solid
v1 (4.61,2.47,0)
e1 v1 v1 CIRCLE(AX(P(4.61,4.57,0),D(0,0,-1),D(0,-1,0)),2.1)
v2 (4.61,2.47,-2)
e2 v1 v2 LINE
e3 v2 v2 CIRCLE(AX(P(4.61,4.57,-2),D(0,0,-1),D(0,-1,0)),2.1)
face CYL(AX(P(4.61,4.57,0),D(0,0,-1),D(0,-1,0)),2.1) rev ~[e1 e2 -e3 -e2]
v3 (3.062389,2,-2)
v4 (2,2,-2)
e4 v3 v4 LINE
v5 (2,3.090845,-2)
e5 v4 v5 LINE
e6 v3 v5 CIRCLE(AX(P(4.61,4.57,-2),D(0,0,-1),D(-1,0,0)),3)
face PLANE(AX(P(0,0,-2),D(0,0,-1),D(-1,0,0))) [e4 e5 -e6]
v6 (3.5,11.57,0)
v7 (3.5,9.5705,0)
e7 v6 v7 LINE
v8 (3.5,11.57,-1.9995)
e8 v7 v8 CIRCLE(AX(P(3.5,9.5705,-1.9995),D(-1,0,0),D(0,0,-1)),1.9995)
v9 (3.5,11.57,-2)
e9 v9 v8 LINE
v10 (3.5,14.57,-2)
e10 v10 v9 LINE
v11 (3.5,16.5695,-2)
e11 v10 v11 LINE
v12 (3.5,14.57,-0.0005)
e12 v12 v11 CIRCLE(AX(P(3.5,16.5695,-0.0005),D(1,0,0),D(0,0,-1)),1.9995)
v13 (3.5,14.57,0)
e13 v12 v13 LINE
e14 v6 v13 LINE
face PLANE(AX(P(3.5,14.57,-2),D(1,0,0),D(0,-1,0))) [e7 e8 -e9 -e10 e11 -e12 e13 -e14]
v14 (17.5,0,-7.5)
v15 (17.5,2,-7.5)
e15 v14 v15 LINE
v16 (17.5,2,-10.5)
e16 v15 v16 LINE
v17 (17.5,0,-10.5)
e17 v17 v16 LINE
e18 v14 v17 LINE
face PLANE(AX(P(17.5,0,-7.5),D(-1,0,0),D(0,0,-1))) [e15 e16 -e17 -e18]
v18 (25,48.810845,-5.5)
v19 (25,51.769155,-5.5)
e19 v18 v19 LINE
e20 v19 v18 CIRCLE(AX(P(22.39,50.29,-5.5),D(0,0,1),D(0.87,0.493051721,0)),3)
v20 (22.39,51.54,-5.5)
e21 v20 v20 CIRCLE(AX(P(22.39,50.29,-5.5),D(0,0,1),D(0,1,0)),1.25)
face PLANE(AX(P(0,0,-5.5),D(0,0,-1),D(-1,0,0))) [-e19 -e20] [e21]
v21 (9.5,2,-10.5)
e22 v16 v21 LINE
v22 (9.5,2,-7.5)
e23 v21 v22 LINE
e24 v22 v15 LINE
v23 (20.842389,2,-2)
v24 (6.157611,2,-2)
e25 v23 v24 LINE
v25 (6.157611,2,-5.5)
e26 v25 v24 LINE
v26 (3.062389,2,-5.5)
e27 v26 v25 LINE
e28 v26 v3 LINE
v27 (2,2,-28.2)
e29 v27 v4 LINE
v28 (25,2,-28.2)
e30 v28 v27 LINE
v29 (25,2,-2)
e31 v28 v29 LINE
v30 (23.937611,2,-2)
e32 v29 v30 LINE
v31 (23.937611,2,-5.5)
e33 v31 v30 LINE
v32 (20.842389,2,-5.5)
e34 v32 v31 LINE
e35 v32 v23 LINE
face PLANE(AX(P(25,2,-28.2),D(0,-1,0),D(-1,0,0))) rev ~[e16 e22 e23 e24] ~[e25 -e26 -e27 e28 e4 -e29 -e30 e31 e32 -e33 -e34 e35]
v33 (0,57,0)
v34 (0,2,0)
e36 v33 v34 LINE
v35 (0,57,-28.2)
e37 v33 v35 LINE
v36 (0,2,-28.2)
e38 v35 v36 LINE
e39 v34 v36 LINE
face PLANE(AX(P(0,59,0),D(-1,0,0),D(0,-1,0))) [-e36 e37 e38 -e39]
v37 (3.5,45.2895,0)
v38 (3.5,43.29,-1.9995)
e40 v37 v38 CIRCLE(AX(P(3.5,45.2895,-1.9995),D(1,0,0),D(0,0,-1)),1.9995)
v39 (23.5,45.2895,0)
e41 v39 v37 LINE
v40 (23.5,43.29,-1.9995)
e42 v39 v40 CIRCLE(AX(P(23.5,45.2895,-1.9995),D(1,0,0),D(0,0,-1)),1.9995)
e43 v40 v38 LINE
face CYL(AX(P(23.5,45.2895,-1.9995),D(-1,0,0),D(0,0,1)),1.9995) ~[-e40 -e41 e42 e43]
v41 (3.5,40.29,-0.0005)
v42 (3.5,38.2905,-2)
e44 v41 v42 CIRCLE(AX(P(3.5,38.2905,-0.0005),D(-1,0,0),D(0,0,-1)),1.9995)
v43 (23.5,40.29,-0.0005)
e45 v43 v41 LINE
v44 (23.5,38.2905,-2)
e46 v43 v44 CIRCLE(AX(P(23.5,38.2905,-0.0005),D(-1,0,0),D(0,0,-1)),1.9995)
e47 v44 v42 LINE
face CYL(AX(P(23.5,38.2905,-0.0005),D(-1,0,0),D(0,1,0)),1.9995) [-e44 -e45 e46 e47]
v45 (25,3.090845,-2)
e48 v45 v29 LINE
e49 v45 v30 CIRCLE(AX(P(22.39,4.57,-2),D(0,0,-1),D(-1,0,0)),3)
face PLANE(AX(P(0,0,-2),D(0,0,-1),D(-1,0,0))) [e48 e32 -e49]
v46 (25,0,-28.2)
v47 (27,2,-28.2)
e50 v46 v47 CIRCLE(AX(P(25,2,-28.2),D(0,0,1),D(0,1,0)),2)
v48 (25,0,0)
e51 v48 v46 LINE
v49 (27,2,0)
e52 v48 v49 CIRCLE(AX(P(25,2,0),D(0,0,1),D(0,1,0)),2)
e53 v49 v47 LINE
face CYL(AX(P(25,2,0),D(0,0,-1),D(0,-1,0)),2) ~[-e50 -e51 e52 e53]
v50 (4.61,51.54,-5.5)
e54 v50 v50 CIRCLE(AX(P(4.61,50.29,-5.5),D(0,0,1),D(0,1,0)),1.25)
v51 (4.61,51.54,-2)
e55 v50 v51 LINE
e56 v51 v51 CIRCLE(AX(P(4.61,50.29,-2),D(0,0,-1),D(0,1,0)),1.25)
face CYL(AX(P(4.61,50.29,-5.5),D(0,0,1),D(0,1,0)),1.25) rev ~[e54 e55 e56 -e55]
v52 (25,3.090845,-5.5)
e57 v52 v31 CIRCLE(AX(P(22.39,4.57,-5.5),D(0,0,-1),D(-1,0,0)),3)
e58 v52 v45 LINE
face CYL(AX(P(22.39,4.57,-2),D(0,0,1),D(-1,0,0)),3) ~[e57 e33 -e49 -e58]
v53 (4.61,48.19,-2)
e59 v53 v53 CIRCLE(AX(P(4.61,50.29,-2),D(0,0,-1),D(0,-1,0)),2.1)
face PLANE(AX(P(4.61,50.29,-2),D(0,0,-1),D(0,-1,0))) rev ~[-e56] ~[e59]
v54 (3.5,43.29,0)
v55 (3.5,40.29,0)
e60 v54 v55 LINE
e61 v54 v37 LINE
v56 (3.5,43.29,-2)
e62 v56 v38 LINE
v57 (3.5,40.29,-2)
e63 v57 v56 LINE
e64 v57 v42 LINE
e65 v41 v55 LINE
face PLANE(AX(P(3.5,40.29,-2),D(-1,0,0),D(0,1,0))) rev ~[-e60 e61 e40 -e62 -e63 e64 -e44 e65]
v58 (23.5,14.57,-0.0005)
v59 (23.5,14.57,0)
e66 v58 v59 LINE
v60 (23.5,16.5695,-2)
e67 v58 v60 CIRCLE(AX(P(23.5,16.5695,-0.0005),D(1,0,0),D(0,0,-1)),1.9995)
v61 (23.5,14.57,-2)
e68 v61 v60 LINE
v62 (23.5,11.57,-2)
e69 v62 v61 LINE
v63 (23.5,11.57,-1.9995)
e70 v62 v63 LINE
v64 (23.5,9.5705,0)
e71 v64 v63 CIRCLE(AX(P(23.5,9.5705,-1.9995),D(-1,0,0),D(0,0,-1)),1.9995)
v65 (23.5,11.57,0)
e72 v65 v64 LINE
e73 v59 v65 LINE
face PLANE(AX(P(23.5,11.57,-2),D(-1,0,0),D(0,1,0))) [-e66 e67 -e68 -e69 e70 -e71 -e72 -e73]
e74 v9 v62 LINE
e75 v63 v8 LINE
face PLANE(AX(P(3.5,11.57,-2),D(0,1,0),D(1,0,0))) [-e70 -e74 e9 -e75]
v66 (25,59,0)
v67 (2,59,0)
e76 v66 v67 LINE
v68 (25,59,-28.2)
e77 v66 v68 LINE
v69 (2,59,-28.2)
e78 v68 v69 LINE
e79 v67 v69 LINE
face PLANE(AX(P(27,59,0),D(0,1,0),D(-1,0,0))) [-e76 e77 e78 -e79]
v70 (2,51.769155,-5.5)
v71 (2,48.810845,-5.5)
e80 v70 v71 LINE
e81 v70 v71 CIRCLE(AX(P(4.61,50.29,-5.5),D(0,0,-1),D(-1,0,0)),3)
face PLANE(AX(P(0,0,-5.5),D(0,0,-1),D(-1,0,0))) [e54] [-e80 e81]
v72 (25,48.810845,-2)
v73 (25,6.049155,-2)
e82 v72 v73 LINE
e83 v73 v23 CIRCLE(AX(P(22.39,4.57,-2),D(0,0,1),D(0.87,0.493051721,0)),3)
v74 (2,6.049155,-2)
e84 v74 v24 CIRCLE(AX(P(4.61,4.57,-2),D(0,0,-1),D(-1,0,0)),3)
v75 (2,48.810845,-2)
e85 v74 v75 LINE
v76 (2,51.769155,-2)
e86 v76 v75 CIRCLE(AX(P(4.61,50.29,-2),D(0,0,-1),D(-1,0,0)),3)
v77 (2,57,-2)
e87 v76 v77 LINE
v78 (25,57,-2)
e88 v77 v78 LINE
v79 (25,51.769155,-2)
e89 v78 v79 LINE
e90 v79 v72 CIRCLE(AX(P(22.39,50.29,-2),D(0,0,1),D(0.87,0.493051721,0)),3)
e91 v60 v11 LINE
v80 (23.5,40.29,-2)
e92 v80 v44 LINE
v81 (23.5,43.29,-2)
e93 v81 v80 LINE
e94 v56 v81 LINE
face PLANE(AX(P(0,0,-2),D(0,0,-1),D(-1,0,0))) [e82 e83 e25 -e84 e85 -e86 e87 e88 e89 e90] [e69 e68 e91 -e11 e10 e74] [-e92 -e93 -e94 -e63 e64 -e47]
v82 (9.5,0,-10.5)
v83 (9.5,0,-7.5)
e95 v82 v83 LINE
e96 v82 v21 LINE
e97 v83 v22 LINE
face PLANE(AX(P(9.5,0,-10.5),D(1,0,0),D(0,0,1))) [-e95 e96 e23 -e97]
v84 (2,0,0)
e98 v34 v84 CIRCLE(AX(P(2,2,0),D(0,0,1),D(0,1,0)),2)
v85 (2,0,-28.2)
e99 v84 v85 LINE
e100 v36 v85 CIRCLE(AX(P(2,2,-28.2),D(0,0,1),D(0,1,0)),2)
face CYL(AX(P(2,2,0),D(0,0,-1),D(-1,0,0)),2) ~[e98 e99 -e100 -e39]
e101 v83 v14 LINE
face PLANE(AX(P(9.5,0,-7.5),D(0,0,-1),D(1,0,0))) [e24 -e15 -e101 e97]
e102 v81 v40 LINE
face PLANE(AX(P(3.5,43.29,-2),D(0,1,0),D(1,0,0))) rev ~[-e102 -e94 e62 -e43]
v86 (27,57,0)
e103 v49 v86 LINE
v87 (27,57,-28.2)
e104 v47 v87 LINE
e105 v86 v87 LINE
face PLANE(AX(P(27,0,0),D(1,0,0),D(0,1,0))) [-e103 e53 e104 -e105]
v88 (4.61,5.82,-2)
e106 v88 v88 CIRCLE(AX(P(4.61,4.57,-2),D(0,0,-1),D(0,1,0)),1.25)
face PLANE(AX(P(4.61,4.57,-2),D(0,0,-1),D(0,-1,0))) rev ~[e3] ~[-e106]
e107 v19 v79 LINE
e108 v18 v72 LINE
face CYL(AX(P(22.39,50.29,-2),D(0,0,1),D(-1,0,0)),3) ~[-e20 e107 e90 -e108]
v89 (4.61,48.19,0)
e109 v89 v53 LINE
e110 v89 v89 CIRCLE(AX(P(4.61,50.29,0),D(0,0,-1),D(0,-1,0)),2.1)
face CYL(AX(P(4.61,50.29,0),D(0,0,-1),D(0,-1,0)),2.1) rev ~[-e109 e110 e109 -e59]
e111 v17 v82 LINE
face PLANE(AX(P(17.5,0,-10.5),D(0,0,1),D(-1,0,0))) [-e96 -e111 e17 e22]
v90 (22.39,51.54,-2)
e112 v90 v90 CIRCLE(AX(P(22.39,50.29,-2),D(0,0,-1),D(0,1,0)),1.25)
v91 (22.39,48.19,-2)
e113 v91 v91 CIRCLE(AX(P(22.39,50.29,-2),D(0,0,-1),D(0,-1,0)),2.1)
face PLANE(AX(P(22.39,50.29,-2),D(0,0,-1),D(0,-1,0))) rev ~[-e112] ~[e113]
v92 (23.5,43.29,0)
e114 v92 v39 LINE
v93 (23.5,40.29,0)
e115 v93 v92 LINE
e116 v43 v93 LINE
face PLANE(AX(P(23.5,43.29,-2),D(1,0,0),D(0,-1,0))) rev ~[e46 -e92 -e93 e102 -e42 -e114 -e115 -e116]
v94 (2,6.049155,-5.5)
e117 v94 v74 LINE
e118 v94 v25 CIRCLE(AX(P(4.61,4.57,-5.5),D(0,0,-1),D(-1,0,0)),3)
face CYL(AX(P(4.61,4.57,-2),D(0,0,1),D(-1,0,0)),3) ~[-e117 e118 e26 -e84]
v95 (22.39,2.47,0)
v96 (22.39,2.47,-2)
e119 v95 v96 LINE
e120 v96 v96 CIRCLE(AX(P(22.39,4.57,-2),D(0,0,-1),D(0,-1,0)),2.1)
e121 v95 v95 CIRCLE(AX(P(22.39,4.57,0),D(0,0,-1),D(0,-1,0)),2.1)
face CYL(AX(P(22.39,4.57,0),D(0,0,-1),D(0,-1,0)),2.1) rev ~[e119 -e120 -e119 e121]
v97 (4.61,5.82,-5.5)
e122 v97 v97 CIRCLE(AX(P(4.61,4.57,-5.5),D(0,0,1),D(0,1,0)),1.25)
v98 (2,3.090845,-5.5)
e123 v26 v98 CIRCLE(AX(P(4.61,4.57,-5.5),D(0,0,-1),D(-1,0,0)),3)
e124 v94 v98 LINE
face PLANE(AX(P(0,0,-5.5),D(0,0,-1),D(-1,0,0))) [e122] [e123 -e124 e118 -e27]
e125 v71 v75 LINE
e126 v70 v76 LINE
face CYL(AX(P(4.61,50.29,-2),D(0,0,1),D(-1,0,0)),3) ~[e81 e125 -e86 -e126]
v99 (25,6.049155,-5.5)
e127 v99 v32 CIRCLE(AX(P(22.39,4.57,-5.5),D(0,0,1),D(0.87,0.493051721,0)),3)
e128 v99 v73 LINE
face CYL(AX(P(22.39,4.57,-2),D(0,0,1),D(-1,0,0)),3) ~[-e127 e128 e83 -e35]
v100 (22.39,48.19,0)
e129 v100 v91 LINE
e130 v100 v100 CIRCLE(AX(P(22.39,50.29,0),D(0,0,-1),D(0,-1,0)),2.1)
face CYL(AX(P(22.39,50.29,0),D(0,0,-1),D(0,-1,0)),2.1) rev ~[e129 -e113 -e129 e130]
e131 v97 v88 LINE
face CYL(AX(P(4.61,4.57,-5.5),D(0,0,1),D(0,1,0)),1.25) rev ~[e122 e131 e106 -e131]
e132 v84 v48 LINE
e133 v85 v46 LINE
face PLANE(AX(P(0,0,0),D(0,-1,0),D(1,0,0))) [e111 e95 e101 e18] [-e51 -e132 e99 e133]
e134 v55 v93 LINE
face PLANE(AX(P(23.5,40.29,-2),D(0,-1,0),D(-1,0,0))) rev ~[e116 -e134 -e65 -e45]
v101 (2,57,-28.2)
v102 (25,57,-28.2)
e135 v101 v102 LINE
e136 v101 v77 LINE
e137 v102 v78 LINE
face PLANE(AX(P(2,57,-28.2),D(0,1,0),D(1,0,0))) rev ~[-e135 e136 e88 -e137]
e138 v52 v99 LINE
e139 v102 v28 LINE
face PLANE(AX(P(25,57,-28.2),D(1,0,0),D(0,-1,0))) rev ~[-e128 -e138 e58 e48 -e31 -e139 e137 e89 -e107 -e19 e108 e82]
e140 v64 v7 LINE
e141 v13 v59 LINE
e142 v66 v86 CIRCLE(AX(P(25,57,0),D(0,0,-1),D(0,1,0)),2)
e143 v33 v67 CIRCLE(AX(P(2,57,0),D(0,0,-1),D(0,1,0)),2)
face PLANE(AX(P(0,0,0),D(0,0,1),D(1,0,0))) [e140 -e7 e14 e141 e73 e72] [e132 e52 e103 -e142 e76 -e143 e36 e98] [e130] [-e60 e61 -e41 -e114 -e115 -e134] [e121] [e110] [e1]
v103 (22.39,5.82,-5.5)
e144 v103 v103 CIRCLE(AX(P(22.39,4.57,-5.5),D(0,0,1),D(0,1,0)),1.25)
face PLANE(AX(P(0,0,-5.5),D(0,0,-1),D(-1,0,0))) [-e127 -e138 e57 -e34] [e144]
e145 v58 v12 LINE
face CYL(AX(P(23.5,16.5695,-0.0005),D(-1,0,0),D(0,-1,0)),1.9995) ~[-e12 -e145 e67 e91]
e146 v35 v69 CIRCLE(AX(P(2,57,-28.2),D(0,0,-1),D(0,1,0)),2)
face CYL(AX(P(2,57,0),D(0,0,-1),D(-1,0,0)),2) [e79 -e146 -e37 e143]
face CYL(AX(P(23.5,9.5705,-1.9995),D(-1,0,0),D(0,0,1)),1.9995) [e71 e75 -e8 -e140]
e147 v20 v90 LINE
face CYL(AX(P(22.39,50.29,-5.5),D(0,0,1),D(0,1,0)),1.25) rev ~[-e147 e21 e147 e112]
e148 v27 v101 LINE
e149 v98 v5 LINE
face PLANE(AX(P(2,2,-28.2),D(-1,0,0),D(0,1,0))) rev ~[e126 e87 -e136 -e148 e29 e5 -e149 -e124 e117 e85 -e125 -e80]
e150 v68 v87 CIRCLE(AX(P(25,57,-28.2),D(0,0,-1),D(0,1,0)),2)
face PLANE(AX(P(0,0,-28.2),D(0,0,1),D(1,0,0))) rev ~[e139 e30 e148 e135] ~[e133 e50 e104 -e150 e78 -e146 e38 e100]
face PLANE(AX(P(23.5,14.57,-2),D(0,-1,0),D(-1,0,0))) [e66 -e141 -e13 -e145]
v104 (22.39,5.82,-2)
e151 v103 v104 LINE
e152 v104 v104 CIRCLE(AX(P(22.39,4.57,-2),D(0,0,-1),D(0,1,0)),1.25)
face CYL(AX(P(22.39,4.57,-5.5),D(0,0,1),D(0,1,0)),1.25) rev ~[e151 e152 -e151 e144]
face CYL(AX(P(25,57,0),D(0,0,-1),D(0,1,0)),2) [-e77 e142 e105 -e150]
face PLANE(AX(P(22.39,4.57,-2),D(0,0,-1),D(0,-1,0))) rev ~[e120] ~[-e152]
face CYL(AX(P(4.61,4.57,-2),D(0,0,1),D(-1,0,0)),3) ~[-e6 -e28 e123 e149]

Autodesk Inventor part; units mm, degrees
ref_plane "YZ Plane" through (0, 0, 0) normal (1, 0, 0) x (0, 1, 0)
ref_plane "XZ Plane" through (0, 0, 0) normal (0, 1, 0) x (-1, 0, 0)
ref_plane "XY Plane" through (0, 0, 0) normal (0, 0, 1) x (1, 0, 0)
sketch "Skizze1" plane through (0, 0, 0) normal (0, 0, 1) x (1, 0, 0)
  line L0 (0, 0) -> (27, 0)
  line L1 (27, 0) -> (27, 59)
  line L2 (27, 59) -> (0, 59)
  line L3 (0, 59) -> (0, 0)
  dimension "d0" = 27
  dimension "d1" = 59
extrude "Extrusion1" add sketch "Skizze1" against normal blind 28.2
sketch "Skizze2" plane through (0, 0, -28.2) normal (0, 0, -1) x (-1, 0, 0)
  line L0 (-2, 57) -> (-25, 57)
  line L1 (-25, 57) -> (-25, 2)
  line L2 (-25, 2) -> (-2, 2)
  line L3 (-2, 2) -> (-2, 57)
  line L4 (0, 59) -> (-27, 59) construction
  line L5 (-27, 59) -> (-27, 0) construction
  point P0 (0, 0)
  dimension "d4" = 2
  dimension "d5" = 2
  dimension "d6" = 2
  dimension "d7" = 2
extrude "Extrusion2" cut sketch "Skizze2" against normal blind 26.2
sketch "Skizze3" plane through (0, 0, -2) normal (0, 0, -1) x (-1, 0, 0)
  circle A0 centre (-4.61, 4.57) radius 3
  line L0 (-2, 2) -> (-25, 2) construction
  line L1 (-2, 57) -> (-2, 2) construction
  circle A1 centre (-22.39, 4.57) radius 3
  circle A2 centre (-4.61, 50.29) radius 3
  circle A3 centre (-22.39, 50.29) radius 3
  line L2 (-4.61, 4.57) -> (-22.39, 4.57) construction
  point P0 (0, 0)
  point P1 (-13.5, 4.57)
  point P2 (-13.5, 2)
  dimension "d13" = 6
  dimension "d18" = 17.78
  dimension "d21" = 45.72
  dimension "d66" = 2.57
extrude "Extrusion4" add sketch "Skizze3" along normal blind 3.5
sketch "Skizze7" plane through (4.61, 50.29, -5.5) normal (0, 0, -1) x (0, -1, 0)
  circle A0 centre (0, 0) radius 3 construction
  circle A1 centre (0, -17.78) radius 3 construction
  circle A2 centre (45.72, -17.78) radius 3 construction
  circle A3 centre (45.72, 0) radius 3 construction
  point P0 (50.29, 4.61)
  point P1 (0, -17.78)
  point P2 (45.72, 0)
hole "Bohrung2" at (4.61, 50.29, -5.5) at (22.39, 50.29, -5.5) at (22.39, 4.57, -5.5) at (4.61, 4.57, -5.5) direction (0, 0, 1) diameter 2.5 end through all
sketch "Skizze8" plane through (0, 0, -2) normal (0, 0, -1) x (-1, 0, 0)
  line L0 (-3.5, 11.57) -> (-23.5, 11.57)
  line L1 (-23.5, 11.57) -> (-23.5, 14.57)
  line L2 (-23.5, 14.57) -> (-3.5, 14.57)
  line L3 (-3.5, 14.57) -> (-3.5, 11.57)
  line L4 (-2, 2) -> (-25, 2) construction
  circle A0 centre (-4.61, 4.57) radius 3 construction
  line L5 (-3.5, 43.29) -> (-23.5, 43.29)
  line L6 (-23.5, 43.29) -> (-23.5, 40.29)
  line L7 (-23.5, 40.29) -> (-3.5, 40.29)
  line L8 (-3.5, 40.29) -> (-3.5, 43.29)
  circle A1 centre (-4.61, 50.29) radius 3 construction
  point P0 (0, 0)
  point P1 (-13.5, 11.57)
  point P2 (-13.5, 2)
  point P3 (-13.5, 2)
  point P4 (-13.5, 40.29)
  dimension "d43" = 3
  dimension "d44" = 20
  dimension "d45" = 4
  dimension "d46" = 3
  dimension "d47" = 20
  dimension "d48" = 4
extrude "Extrusion5" cut sketch "Skizze8" against normal through all
sketch "Skizze9" plane through (0, 0, 0) normal (0, -1, 0) x (1, 0, 0)
  line L0 (2, -5.5) -> (3.0624, -5.5) construction
  line L1 (17.5, -10.5) -> (9.5, -10.5)
  line L2 (9.5, -10.5) -> (9.5, -7.5)
  line L3 (9.5, -7.5) -> (17.5, -7.5)
  line L4 (17.5, -7.5) -> (17.5, -10.5)
  line L5 (0, 0) -> (27, 0) construction
  point P0 (13.5, -7.5)
  point P1 (13.5, 0)
  dimension "d54" = 8
  dimension "d55" = 3
  dimension "d56" = 2
extrude "Extrusion6" cut sketch "Skizze9" against normal up to surface (2 mm away)
sketch "Skizze10" plane through (0, 0, 0) normal (0, 0, 1) x (1, 0, 0)
  circle A0 centre (4.61, 4.57) radius 1.25 construction
  circle A1 centre (22.39, 4.57) radius 1.25 construction
  circle A2 centre (22.39, 50.29) radius 1.25 construction
  circle A3 centre (4.61, 50.29) radius 1.25 construction
  point P0 (0, 0)
hole "Bohrung3" at (4.61, 4.57, 0) at (22.39, 4.57, 0) at (22.39, 50.29, 0) at (4.61, 50.29, 0) direction (0, 0, -1) diameter 2.5 end through all counterbore diameter 4.2 counterbore depth 2
fillet "Rundung1" radius 2 4 edges at (27, 0, -14.1) (0, 0, -14.1) (0, 59, -14.1) (27, 59, -14.1)
fillet "Rundung2" radius 2 2 edges at (13.5, 14.57, -2) (13.5, 40.29, -2)
fillet "Rundung3" radius 2 2 edges at (13.5, 11.57, 0) (13.5, 43.29, 0)
properties part number "bottom"
